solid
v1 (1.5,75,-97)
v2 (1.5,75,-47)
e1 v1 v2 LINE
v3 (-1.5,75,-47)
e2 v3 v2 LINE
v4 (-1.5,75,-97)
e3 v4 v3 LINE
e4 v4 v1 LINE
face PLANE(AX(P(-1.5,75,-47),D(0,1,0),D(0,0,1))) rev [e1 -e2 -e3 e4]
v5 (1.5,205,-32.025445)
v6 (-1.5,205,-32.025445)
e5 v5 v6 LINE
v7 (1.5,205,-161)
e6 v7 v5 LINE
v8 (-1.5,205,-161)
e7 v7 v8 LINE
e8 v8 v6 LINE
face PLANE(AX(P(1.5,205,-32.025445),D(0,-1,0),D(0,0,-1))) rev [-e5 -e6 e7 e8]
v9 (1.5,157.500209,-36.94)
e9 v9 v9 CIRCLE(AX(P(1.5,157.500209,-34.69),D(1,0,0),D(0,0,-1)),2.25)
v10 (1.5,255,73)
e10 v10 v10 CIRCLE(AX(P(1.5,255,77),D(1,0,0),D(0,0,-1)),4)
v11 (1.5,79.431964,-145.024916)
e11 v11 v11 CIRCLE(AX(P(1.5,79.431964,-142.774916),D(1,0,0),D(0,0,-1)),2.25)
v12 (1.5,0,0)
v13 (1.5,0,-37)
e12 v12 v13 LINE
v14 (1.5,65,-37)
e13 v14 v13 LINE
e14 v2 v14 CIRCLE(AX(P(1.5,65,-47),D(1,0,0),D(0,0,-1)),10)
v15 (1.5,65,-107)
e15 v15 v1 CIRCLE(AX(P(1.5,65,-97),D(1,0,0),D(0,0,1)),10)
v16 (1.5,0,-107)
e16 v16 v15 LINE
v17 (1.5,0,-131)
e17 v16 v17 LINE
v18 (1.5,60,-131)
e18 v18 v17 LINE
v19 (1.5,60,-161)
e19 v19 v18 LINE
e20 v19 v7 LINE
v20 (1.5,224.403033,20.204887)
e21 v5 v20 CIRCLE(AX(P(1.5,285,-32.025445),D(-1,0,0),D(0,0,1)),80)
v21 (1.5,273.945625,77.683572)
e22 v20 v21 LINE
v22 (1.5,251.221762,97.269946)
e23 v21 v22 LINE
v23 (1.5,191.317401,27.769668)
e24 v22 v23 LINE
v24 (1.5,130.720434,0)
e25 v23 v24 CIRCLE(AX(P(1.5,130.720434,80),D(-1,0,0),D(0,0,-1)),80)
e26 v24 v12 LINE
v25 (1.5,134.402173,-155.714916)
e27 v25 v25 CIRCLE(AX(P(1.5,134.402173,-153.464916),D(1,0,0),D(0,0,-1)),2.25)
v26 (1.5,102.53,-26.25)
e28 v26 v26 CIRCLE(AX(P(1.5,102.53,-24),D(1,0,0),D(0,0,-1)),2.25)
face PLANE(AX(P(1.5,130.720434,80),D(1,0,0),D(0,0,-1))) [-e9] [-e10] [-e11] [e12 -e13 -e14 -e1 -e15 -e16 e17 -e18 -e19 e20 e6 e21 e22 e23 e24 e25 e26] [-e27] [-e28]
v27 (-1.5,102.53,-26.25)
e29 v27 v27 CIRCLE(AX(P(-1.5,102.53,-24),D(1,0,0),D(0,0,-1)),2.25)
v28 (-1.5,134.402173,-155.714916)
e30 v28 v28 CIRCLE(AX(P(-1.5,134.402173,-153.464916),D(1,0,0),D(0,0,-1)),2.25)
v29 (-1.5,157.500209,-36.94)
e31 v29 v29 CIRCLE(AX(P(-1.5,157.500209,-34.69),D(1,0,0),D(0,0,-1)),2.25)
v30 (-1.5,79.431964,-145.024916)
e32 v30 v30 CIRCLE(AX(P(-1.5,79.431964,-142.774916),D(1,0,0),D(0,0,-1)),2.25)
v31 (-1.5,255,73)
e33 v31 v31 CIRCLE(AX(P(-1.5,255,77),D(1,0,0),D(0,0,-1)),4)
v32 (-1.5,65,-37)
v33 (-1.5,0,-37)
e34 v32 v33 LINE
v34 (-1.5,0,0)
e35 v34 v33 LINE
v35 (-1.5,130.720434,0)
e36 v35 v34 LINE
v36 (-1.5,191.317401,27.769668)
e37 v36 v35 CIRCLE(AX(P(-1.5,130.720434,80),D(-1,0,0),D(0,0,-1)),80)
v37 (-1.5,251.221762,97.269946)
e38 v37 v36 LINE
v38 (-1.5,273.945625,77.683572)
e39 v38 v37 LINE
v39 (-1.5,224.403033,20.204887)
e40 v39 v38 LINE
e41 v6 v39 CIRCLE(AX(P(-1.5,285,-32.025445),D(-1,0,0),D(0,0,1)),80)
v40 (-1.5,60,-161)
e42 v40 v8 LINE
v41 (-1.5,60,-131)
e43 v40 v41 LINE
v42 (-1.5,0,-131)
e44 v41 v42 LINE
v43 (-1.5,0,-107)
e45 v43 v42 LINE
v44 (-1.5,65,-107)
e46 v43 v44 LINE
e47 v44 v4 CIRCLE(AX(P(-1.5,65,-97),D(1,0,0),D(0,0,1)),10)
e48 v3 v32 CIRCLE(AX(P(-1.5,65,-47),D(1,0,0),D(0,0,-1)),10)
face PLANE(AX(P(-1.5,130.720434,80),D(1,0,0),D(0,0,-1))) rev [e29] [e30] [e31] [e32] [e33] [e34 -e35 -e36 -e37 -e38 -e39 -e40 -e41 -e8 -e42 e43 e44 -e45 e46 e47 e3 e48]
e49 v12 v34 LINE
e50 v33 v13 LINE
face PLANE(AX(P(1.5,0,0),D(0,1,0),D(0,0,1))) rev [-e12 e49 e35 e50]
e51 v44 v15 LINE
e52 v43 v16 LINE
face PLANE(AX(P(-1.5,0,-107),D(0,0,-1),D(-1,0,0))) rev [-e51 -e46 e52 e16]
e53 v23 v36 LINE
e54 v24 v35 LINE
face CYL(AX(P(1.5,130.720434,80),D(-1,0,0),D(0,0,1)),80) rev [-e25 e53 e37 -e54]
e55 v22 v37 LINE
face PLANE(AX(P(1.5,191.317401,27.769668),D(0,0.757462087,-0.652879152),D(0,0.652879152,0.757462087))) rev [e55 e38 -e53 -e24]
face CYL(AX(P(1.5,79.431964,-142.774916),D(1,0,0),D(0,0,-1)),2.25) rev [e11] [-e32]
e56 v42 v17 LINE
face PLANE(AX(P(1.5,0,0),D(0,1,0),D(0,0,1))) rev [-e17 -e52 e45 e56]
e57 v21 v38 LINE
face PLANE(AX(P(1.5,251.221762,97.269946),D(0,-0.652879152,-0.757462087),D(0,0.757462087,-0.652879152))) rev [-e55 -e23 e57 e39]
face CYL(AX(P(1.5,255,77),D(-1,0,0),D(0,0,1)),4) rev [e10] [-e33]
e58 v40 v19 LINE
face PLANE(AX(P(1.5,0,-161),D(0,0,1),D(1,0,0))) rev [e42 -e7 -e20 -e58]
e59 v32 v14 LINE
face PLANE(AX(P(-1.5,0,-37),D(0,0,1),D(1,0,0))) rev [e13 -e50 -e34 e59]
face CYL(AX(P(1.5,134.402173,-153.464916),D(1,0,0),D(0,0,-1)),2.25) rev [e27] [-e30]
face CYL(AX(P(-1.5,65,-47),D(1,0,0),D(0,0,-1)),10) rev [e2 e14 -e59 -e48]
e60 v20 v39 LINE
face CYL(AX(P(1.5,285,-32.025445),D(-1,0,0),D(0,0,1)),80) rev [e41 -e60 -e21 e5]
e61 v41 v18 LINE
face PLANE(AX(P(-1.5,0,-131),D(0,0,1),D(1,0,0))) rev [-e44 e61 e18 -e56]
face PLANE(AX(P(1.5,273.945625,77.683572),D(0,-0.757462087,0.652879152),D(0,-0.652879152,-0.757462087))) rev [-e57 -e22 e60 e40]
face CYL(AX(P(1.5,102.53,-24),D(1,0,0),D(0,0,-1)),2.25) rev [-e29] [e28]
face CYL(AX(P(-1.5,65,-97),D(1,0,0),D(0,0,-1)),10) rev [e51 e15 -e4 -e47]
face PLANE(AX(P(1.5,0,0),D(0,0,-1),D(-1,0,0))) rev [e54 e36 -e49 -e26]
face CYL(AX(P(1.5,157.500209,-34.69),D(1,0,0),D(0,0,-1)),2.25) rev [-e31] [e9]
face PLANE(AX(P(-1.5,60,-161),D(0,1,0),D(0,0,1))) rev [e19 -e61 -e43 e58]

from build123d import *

# Parameters (mm, degrees)
SKETCH_1_R             = 4
EXTRUDE_1_DEPTH        = 1.5
CUT_EXTRUDE_1_DEPTH    = 318.767533759
HOLE_WIZARD_M4_1_D     = 4.5
HOLE_WIZARD_M4_1_DEPTH = 4
HOLE_WIZARD_M4_1_TIP   = 1.351936393
SKETCH_5_W             = 30
SKETCH_5_H             = 60
CUT_EXTRUDE_2_DEPTH    = 318.767533759


with BuildPart() as part:
    # 草图1 → 凸台-拉伸1 (new, symmetric)
    with BuildSketch(Plane(origin=(0, 0, 0), x_dir=(0, 0, -1), z_dir=(1, 0, 0))):
        with BuildLine():
            Line((-27.769667841, 191.317400645), (-97.269946411, 251.221762497))
            Line((-97.269946411, 251.221762497), (-77.683571852, 273.9456251))
            Line((-77.683571852, 273.9456251), (-20.204886802, 224.403033058))
            ThreePointArc((-20.204886802, 224.403033058), (4.166491279, 210.007475855), (32.025445357, 205))
            Line((32.025445357, 205), (161, 205))
            Line((161, 205), (161, 0))
            Line((161, 0), (0, 0))
            Line((0, 0), (0, 130.720433703))
            ThreePointArc((0, 130.720433703), (-7.273022293, 164.048900719), (-27.769667841, 191.317400645))
        make_face()
        with Locations((-77, 255)):
            Circle(SKETCH_1_R, mode=Mode.SUBTRACT)
    extrude(amount=EXTRUDE_1_DEPTH, both=True)

    # 草图2 → 切除-拉伸1 (cut, through all)
    with BuildSketch(Plane(origin=(1.5, 0, 0), x_dir=(0, 0, -1), z_dir=(1, 0, 0))):
        with BuildLine():
            Line((37, 0), (107, 0))
            Line((107, 0), (107, 65))
            ThreePointArc((107, 65), (104.071067812, 72.071067812), (97, 75))
            Line((97, 75), (47, 75))
            ThreePointArc((47, 75), (39.928932188, 72.071067812), (37, 65))
            Line((37, 65), (37, 0))
        make_face()
    extrude(amount=-CUT_EXTRUDE_1_DEPTH, mode=Mode.SUBTRACT)

    # M4 间隙孔1
    with Locations(Plane(origin=(1.5, 0, 0), x_dir=(0, 0, -1), z_dir=(1, 0, 0))):
        with Locations((34.69, 157.500209205), (24, 102.53), (153.464916317, 134.40217349), (142.774916317, 79.431964286)):
            Hole(HOLE_WIZARD_M4_1_D / 2, depth=HOLE_WIZARD_M4_1_DEPTH)
            with Locations((0, 0, -(HOLE_WIZARD_M4_1_DEPTH + HOLE_WIZARD_M4_1_TIP / 2))):  # 118° drill point
                Cone(0, HOLE_WIZARD_M4_1_D / 2, HOLE_WIZARD_M4_1_TIP, mode=Mode.SUBTRACT)

    # 草图5 → 切除-拉伸2 (cut, through all)
    with BuildSketch(Plane(origin=(1.5, 0, 0), x_dir=(0, 0, -1), z_dir=(1, 0, 0))):
        with Locations((146, 30)):
            Rectangle(SKETCH_5_W, SKETCH_5_H)
    extrude(amount=-CUT_EXTRUDE_2_DEPTH, mode=Mode.SUBTRACT)


solid = part.part
